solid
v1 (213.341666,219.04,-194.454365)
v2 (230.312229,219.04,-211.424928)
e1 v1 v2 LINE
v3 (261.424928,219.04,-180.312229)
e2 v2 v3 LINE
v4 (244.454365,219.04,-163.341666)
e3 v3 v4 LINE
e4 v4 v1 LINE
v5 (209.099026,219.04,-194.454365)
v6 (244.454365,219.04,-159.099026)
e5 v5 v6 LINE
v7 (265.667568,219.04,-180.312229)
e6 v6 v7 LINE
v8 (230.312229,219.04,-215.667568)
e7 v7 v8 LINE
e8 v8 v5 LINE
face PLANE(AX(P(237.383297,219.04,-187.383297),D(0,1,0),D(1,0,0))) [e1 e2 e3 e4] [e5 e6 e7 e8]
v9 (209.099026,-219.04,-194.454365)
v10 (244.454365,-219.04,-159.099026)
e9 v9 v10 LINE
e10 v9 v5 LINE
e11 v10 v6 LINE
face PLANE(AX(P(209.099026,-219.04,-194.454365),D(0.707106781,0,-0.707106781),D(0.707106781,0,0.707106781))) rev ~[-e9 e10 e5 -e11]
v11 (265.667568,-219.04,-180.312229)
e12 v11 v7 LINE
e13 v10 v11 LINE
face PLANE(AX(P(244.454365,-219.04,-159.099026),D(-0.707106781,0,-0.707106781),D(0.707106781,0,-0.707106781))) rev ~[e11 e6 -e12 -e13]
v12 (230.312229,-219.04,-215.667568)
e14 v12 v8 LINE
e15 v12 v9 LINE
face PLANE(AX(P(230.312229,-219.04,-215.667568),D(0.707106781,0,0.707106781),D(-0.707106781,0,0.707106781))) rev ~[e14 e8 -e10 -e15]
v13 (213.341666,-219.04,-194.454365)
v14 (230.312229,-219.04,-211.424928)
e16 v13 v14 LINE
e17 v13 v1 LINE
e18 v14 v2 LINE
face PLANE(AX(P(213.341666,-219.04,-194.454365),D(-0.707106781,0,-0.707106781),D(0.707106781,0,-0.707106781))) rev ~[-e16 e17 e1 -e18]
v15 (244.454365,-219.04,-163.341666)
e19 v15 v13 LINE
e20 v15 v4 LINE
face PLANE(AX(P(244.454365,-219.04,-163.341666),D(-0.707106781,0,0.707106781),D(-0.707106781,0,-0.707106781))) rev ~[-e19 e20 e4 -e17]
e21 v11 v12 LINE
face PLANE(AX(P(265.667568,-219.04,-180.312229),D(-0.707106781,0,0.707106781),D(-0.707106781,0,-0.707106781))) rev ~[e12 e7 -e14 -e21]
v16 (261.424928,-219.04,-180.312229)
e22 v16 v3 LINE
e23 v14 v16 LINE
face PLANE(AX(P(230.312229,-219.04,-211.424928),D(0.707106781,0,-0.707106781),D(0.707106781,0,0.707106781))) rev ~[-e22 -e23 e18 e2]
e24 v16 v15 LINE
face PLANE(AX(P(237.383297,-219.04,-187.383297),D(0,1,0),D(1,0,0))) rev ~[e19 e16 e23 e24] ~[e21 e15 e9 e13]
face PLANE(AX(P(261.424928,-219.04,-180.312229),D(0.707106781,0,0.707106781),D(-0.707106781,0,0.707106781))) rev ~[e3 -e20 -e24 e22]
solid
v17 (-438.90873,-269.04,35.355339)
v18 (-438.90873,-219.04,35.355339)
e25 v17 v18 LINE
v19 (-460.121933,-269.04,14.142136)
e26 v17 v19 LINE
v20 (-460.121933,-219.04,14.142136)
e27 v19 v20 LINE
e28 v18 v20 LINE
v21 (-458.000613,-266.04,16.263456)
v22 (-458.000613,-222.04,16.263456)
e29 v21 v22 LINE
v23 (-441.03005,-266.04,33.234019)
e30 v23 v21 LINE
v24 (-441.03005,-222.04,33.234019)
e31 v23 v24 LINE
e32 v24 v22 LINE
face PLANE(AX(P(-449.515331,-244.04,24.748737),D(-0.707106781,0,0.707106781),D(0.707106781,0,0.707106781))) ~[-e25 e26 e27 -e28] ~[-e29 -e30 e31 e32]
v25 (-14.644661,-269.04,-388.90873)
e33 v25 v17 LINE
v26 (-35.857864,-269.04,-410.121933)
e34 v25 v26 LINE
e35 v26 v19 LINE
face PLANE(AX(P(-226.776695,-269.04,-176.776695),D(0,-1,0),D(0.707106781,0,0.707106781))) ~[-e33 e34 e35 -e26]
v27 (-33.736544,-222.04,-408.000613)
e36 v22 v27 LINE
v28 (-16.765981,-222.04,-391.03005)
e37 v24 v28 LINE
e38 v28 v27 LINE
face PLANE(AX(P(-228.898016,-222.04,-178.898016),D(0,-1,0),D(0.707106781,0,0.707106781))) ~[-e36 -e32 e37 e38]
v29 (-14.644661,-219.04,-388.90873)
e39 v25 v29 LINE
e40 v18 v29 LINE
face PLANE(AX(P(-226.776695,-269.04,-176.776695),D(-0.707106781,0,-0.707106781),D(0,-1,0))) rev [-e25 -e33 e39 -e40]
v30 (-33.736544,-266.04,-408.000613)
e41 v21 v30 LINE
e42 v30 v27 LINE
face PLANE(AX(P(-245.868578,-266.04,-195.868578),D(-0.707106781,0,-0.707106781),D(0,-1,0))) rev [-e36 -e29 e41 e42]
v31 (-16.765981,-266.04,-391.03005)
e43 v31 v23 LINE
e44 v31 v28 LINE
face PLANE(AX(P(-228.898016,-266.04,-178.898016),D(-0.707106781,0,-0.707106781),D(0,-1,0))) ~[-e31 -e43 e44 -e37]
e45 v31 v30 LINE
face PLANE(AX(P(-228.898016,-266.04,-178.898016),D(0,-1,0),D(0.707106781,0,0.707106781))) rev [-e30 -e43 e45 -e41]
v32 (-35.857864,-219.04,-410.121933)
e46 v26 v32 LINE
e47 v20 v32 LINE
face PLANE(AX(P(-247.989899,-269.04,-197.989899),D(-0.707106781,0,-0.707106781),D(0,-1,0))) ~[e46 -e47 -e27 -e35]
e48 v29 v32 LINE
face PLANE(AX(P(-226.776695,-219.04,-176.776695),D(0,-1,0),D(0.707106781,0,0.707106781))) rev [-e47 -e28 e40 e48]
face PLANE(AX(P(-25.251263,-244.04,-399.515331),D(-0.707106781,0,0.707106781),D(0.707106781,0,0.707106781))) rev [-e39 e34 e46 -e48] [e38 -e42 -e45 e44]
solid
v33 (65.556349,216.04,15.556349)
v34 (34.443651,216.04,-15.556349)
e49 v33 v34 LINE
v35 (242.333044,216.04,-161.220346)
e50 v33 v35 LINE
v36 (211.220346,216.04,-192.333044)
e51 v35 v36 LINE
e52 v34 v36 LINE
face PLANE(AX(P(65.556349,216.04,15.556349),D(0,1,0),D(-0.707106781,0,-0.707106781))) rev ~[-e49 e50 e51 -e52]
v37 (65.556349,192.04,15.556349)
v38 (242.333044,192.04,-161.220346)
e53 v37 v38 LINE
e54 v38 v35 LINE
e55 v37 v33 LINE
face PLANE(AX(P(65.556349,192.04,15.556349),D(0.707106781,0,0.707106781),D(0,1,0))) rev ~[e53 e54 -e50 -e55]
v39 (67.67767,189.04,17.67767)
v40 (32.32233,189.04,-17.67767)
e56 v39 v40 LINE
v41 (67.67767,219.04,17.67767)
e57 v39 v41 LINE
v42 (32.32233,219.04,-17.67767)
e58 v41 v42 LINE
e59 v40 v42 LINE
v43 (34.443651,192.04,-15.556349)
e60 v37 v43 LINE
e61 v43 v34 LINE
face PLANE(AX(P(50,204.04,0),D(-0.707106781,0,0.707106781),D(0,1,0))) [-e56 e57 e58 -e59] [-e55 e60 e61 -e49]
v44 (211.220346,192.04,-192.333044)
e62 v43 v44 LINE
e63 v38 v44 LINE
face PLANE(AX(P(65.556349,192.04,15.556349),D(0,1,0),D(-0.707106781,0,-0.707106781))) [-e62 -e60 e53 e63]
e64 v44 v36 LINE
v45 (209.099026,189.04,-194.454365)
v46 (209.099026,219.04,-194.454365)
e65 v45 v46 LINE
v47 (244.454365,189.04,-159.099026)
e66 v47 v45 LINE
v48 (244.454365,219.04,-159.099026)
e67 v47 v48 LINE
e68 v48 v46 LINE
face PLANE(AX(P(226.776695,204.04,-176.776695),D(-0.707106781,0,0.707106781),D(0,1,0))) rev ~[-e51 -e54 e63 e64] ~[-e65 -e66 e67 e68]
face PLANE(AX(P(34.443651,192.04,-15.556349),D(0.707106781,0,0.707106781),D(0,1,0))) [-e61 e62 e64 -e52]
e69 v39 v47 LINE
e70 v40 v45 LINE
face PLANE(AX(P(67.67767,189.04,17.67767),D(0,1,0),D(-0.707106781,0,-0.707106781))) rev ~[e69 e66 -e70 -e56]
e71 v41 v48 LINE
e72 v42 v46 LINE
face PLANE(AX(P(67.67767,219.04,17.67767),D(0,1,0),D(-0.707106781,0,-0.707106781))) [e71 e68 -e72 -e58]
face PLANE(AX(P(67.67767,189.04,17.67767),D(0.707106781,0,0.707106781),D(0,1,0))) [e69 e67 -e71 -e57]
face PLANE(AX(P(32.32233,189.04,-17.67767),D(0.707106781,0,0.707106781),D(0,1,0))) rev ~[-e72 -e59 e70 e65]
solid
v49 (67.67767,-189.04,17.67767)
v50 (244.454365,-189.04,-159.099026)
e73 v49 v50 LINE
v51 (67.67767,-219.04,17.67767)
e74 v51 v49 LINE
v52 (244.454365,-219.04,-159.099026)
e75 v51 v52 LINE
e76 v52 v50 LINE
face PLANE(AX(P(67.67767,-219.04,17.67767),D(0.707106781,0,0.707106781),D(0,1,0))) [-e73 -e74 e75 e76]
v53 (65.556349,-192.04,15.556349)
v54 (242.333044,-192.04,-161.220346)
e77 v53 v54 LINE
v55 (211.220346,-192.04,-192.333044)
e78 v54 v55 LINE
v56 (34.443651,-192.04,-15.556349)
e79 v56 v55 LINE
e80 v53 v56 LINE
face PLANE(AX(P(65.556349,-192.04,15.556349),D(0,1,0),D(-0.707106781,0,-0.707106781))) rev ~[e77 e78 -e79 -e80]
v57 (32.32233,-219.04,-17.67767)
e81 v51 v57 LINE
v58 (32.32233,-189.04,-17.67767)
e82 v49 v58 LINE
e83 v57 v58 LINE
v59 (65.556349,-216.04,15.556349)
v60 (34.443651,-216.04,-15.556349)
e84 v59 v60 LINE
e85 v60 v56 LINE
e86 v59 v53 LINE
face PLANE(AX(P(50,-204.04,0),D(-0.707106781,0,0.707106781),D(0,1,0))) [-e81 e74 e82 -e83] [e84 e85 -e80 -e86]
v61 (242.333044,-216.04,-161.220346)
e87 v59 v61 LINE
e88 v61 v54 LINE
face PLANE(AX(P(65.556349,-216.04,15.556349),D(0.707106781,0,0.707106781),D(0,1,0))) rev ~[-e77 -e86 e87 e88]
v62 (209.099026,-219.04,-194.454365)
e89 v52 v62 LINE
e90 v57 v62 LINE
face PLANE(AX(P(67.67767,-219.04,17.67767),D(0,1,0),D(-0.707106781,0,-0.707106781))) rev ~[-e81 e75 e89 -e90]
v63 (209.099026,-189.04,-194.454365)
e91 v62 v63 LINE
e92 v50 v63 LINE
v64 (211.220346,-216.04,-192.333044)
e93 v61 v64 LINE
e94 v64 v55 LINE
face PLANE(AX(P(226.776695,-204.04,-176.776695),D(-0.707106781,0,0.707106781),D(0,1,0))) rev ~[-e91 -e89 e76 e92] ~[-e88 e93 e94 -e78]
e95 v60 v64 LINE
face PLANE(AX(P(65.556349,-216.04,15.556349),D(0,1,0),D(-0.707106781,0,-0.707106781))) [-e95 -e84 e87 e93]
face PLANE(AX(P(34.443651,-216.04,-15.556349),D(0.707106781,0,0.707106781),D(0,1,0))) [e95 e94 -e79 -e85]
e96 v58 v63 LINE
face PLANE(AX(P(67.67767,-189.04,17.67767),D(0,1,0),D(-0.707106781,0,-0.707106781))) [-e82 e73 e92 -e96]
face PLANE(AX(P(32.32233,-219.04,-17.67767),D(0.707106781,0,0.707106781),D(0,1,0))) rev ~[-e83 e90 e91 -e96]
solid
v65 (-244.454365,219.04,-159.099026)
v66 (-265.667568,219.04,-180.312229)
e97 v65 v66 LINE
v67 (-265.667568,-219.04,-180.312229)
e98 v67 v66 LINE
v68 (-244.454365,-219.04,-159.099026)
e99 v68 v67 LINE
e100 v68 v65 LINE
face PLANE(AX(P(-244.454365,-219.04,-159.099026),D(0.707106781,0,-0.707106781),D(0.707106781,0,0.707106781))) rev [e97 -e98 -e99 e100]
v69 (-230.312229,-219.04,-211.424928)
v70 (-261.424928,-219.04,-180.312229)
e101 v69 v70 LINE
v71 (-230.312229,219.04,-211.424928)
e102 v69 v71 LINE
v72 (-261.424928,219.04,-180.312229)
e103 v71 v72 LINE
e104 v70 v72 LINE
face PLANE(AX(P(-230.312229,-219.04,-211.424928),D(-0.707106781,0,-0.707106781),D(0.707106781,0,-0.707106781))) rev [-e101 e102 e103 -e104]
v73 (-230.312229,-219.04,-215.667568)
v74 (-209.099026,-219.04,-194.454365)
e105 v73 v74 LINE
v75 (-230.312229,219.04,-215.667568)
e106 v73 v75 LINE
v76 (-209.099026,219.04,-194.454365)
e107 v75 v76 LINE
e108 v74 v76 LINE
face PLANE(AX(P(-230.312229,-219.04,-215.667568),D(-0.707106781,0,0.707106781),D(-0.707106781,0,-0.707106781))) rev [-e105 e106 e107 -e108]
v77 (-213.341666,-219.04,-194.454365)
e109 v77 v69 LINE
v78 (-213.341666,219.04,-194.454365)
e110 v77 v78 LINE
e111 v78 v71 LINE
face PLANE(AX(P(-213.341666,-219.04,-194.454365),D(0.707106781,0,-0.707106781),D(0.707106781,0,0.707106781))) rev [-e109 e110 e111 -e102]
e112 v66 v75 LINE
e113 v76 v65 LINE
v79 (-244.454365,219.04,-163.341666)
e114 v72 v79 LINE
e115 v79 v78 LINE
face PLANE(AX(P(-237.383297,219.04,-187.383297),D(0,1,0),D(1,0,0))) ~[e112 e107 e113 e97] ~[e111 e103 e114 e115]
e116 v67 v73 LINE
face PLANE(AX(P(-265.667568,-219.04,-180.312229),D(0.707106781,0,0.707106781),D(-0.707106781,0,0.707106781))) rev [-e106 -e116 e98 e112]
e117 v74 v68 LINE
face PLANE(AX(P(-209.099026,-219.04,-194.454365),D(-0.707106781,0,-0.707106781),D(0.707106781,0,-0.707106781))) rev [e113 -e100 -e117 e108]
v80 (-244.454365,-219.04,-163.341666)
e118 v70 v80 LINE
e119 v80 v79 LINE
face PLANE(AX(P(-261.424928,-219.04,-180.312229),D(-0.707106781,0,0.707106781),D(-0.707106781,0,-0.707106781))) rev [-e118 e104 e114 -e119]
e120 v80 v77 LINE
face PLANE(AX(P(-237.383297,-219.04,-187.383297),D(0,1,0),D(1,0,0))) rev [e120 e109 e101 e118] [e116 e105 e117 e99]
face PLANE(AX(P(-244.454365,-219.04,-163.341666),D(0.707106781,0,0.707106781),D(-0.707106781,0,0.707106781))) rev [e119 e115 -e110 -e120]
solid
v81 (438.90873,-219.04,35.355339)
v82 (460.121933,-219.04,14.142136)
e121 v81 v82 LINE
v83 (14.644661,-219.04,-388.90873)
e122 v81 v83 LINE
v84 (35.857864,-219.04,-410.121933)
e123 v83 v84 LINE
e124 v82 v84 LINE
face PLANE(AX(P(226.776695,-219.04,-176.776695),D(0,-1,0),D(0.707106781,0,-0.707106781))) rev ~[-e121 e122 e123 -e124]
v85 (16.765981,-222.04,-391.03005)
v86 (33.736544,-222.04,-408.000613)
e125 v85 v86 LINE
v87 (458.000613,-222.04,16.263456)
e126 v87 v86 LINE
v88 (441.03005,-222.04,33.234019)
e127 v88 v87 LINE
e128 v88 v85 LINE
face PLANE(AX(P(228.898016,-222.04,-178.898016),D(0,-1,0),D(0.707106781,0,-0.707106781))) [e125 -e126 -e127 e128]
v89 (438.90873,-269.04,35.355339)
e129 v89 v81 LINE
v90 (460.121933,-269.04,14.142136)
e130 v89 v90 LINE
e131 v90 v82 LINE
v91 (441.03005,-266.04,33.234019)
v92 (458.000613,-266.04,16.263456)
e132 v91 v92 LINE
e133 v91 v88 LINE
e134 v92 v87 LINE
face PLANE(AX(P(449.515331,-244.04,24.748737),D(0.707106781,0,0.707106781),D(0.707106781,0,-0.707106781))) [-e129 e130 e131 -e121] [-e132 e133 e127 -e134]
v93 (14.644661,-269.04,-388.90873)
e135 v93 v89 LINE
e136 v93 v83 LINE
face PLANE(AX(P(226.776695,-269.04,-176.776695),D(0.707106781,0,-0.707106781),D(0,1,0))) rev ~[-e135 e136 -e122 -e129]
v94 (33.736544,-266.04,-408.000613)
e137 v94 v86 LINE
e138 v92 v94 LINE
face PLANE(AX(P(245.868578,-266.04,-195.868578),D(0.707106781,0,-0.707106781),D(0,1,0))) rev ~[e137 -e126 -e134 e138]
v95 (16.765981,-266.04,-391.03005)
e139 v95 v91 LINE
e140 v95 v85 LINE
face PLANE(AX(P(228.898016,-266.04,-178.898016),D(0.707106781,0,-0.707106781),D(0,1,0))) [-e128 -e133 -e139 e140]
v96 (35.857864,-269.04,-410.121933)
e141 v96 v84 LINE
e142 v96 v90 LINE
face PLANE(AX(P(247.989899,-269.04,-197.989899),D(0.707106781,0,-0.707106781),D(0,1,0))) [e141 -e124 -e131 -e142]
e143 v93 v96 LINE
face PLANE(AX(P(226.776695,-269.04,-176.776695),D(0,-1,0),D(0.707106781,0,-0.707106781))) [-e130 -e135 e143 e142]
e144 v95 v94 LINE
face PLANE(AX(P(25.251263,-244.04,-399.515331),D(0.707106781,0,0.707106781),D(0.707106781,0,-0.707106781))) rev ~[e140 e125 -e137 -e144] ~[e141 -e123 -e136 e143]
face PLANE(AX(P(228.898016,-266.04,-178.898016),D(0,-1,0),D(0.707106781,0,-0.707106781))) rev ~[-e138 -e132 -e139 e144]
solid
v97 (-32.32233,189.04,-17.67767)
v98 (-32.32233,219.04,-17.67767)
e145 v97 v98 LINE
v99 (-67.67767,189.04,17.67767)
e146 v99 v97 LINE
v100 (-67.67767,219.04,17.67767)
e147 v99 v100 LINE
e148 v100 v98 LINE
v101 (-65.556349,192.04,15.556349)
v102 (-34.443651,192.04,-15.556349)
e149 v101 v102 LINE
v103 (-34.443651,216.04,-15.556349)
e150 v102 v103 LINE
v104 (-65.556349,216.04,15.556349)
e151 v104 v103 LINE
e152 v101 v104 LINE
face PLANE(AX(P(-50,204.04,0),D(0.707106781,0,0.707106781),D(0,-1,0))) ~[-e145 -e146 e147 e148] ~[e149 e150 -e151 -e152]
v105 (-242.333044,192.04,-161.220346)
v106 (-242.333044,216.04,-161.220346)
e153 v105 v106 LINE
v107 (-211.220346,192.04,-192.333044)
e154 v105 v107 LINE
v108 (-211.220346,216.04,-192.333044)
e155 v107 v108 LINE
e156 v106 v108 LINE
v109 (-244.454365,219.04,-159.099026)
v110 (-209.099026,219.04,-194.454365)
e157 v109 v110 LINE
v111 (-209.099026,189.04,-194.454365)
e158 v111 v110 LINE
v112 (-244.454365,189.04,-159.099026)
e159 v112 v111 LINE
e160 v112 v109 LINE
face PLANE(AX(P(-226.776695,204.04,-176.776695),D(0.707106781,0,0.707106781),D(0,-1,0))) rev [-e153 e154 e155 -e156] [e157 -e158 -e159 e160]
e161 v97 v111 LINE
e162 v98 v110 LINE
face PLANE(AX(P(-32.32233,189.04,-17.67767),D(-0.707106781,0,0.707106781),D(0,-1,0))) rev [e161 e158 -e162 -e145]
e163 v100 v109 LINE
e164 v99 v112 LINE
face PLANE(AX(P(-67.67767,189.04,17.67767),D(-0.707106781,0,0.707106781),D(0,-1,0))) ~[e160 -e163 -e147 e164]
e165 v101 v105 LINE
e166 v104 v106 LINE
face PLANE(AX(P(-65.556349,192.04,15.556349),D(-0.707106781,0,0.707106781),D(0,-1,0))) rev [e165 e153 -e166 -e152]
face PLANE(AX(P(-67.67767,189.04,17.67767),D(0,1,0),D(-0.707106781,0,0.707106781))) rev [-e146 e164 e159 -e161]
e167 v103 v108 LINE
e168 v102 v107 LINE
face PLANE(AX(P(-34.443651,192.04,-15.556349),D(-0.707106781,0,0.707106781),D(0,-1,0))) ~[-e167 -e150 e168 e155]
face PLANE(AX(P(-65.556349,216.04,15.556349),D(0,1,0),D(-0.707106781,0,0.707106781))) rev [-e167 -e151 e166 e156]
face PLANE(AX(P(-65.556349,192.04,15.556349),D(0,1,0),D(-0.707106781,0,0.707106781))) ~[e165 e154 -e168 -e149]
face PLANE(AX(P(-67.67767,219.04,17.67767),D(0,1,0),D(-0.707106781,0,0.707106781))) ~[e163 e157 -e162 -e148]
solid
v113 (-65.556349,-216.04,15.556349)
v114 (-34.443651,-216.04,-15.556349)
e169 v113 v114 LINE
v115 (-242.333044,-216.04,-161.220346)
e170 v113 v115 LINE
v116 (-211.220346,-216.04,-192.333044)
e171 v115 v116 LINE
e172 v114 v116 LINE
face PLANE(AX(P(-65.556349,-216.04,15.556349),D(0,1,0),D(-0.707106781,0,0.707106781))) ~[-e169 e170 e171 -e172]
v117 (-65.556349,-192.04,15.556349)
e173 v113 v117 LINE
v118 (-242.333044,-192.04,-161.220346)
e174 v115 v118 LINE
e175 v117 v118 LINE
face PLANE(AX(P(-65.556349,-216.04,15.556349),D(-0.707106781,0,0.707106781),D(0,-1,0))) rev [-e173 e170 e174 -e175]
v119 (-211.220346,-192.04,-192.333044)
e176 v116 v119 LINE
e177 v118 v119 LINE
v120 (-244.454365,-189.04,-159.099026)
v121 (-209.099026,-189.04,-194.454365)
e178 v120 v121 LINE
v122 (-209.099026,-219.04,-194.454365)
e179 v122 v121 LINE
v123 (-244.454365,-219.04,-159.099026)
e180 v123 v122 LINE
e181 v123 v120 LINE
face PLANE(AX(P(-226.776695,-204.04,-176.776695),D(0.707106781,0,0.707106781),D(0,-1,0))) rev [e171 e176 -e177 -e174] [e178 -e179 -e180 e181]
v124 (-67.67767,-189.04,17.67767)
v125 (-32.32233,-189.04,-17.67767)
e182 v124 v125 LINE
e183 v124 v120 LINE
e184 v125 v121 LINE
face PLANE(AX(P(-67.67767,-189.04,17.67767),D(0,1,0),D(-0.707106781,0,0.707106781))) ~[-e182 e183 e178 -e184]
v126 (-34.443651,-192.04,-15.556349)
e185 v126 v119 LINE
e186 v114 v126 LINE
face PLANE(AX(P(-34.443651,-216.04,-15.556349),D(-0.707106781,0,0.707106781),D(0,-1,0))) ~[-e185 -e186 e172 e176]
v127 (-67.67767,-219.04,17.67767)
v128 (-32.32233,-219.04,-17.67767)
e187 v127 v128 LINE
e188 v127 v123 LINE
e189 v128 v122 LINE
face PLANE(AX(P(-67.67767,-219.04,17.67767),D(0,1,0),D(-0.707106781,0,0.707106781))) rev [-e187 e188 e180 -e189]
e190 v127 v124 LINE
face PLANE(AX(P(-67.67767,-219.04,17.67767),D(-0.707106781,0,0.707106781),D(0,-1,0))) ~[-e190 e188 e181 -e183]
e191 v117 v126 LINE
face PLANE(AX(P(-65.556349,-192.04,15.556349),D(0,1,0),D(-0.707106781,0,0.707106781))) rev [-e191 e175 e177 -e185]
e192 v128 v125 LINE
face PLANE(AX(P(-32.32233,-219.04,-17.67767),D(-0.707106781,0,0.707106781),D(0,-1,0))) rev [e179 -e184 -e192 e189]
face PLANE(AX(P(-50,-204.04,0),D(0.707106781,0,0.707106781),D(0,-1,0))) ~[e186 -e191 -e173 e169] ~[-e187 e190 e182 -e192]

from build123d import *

# Parameters (mm, degrees)
SKETCH8_W                = 30
SKETCH8_H                = 50
SKETCH8_W_2              = 24
SKETCH8_H_2              = 44
BOSS_EXTRUDE4_DEPTH      = 250
BOSS_EXTRUDE4_2_DEPTH    = 250
BOSS_EXTRUDE5_DEPTH      = 219.04
BOSS_EXTRUDE5_DEPTH_BACK = 219.04
SKETCH10_W               = 30
SKETCH10_H               = 50
SKETCH10_W_2             = 24
SKETCH10_H_2             = 44
BOSS_EXTRUDE6_DEPTH      = 300


with BuildPart() as part:
    # Sketch8 → Boss-Extrude4 (new body)
    with BuildSketch(Plane(origin=(25, 0, -25), x_dir=(0, 1, 0), z_dir=(-0.7071067811865464, 0, 0.7071067811865488))):
        with Locations((204.04, -35.355339059)):
            Rectangle(SKETCH8_W, SKETCH8_H)
        with Locations((204.04, -35.355339059)):
            Rectangle(SKETCH8_W_2, SKETCH8_H_2, mode=Mode.SUBTRACT)
    extrude(amount=-BOSS_EXTRUDE4_DEPTH)


with BuildPart() as body_2:
    # Sketch8 → Boss-Extrude4 2 (new body)
    with BuildSketch(Plane(origin=(25, 0, -25), x_dir=(0, 1, 0), z_dir=(-0.7071067811865464, 0, 0.7071067811865488))):
        with Locations((-204.04, -35.355339059)):
            Rectangle(SKETCH8_W, SKETCH8_H)
        with Locations((-204.04, -35.355339059)):
            Rectangle(SKETCH8_W_2, SKETCH8_H_2, mode=Mode.SUBTRACT)
    extrude(amount=-BOSS_EXTRUDE4_2_DEPTH)


with BuildPart() as body_3:
    # Sketch9 → Boss-Extrude5 (new, two sides: drawn at the far end of the back side and taken through both)
    with BuildSketch(Plane(origin=(0, 0, 0), x_dir=(1, 0, 0), z_dir=(0, 1, 0)).offset(-BOSS_EXTRUDE5_DEPTH_BACK)):
        Polygon((209.099025767, 194.454364826), (244.454364826, 159.099025767), (265.667568262, 180.312229203), (230.312229203, 215.667568262), align=None)
        Polygon((213.341666454, 194.454364826), (230.312229203, 211.424927575), (261.424927575, 180.312229203), (244.454364826, 163.341666454), align=None, mode=Mode.SUBTRACT)
    extrude(amount=BOSS_EXTRUDE5_DEPTH + BOSS_EXTRUDE5_DEPTH_BACK)


with BuildPart() as body_4:
    # Sketch10 → Boss-Extrude6 (new, symmetric)
    with BuildSketch(Plane(origin=(25, 0, 25), x_dir=(0.7071067811865457, 0, -0.7071067811865493), z_dir=(0.7071067811865493, 0, 0.7071067811865457))):
        with Locations((300.355339059, -244.04)):
            Rectangle(SKETCH10_W, SKETCH10_H)
        with Locations((300.355339059, -244.04)):
            Rectangle(SKETCH10_W_2, SKETCH10_H_2, mode=Mode.SUBTRACT)
    extrude(amount=BOSS_EXTRUDE6_DEPTH, both=True)


with BuildPart() as body_5:
    # Mirror1: mirrored copy
    add(part.part.mirror(Plane(origin=(0, 0, 0), x_dir=(0, 0, 1), z_dir=(1, 0, 0))))


with BuildPart() as body_6:
    # Mirror1 2: mirrored copy
    add(body_2.part.mirror(Plane(origin=(0, 0, 0), x_dir=(0, 0, 1), z_dir=(1, 0, 0))))


with BuildPart() as body_7:
    # Mirror1 3: mirrored copy
    add(body_3.part.mirror(Plane(origin=(0, 0, 0), x_dir=(0, 0, 1), z_dir=(1, 0, 0))))


with BuildPart() as body_8:
    # Mirror1 4: mirrored copy
    add(body_4.part.mirror(Plane(origin=(0, 0, 0), x_dir=(0, 0, 1), z_dir=(1, 0, 0))))


solid = Compound([part.part, body_2.part, body_3.part, body_4.part, body_5.part, body_6.part, body_7.part, body_8.part])
